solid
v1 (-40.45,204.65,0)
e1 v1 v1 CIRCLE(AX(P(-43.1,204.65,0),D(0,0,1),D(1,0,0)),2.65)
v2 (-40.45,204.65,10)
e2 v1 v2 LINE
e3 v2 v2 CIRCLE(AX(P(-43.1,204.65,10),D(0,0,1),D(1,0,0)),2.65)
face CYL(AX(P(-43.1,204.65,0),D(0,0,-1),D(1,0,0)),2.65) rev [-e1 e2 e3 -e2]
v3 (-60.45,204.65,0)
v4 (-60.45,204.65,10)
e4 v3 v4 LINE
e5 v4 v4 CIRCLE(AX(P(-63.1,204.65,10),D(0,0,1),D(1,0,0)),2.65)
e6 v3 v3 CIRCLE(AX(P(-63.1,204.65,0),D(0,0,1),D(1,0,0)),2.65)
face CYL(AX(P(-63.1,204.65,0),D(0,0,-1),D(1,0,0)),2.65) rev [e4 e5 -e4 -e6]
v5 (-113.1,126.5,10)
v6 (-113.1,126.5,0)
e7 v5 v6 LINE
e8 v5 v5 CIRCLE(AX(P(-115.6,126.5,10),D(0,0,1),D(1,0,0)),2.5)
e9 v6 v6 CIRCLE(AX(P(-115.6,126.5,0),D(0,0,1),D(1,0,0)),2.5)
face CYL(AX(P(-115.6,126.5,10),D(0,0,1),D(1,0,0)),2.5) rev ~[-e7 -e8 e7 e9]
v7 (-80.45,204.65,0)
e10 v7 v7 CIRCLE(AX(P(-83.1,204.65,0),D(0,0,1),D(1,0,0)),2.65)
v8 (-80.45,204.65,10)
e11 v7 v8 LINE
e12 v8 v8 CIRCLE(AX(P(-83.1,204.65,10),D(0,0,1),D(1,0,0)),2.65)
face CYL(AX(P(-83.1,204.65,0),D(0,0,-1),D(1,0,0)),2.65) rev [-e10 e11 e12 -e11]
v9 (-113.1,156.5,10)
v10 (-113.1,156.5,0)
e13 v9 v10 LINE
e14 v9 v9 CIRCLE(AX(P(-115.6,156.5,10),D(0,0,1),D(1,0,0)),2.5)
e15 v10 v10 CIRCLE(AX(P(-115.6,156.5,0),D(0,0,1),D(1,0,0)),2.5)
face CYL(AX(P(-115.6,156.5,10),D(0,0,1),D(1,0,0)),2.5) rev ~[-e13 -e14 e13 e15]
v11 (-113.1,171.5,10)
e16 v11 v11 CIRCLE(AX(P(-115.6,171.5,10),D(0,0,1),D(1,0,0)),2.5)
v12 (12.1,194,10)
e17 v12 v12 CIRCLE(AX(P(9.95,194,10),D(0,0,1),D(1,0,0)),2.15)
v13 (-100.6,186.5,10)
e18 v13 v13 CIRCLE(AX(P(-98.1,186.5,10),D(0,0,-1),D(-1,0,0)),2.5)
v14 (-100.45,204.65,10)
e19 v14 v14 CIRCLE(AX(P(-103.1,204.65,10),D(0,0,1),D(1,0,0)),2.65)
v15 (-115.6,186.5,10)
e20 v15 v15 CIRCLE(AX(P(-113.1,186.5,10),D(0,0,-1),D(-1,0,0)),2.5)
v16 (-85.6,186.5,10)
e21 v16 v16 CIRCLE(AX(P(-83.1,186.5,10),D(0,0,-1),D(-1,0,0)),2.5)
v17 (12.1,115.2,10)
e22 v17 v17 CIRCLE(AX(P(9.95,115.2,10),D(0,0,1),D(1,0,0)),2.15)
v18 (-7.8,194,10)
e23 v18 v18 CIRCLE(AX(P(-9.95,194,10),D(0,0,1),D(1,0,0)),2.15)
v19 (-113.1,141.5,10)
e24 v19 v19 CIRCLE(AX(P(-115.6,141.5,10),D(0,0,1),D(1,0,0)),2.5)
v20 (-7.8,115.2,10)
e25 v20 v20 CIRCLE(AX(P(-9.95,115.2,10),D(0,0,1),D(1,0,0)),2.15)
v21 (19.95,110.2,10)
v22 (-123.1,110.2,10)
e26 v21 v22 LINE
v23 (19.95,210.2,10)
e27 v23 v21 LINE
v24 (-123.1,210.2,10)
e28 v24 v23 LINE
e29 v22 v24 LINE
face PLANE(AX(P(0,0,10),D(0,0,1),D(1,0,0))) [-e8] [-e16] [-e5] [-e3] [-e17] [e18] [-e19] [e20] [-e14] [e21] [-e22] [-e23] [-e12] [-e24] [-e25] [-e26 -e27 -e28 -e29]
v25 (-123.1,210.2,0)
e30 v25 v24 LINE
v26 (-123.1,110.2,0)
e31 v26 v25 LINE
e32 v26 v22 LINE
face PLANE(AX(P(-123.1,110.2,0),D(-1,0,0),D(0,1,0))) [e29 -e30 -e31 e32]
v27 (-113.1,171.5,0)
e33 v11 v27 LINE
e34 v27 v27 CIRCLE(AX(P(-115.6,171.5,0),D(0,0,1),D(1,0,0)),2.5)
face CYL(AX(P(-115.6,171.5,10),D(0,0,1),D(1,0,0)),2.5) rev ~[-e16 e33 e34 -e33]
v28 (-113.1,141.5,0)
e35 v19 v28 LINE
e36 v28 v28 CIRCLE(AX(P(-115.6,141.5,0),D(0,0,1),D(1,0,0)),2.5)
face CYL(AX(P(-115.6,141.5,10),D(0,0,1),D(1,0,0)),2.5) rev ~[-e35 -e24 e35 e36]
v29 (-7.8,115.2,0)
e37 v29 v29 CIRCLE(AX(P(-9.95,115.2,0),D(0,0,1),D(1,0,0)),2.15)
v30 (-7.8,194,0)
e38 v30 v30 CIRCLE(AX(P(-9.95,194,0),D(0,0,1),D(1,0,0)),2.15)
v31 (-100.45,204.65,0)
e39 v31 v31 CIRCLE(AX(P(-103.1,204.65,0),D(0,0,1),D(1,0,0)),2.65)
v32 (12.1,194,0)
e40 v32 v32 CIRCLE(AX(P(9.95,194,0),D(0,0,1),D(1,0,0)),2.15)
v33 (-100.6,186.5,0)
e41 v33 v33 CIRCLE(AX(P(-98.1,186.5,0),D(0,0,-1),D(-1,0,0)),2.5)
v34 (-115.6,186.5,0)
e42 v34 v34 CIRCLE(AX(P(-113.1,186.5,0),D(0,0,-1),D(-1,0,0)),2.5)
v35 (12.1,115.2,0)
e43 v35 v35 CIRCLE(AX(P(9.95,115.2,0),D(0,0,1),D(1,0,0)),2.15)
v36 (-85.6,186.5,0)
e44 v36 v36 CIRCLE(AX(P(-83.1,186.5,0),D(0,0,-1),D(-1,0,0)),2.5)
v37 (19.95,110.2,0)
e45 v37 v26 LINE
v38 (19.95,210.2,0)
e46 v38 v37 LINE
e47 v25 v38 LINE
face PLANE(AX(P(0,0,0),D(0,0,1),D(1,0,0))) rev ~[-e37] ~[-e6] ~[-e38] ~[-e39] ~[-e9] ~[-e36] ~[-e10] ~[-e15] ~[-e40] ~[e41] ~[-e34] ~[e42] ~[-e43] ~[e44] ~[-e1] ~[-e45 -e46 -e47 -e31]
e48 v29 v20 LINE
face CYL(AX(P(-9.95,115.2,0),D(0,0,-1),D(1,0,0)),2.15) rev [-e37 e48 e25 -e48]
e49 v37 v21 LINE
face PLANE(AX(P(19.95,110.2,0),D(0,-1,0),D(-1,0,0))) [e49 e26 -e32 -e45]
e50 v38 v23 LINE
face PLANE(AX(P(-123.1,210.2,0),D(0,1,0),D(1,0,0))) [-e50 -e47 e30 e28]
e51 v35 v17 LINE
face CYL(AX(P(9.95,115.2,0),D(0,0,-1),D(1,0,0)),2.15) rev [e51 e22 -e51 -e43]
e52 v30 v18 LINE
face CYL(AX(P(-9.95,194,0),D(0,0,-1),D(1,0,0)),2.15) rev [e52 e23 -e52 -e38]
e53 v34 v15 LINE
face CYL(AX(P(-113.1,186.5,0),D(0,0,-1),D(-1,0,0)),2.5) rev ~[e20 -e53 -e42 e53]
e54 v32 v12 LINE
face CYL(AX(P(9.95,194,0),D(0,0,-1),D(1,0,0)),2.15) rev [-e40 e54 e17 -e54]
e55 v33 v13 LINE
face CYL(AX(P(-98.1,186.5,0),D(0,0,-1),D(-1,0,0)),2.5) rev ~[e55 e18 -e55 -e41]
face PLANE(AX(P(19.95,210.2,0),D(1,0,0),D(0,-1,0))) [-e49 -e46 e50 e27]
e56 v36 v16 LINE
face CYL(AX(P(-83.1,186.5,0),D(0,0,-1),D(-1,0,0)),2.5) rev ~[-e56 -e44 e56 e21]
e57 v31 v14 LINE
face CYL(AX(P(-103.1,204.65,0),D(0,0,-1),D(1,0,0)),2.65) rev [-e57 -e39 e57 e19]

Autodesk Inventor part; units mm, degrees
ref_plane "YZ Plane" through (0, 0, 0) normal (1, 0, 0) x (0, 1, 0)
ref_plane "XZ Plane" through (0, 0, 0) normal (0, 1, 0) x (-1, 0, 0)
ref_plane "XY Plane" through (0, 0, 0) normal (0, 0, 1) x (1, 0, 0)
ref_plane "Work Plane1" through (0, 0, 0) normal (0, 0, 1) x (1, 0, 0)
sketch "Sketch1" plane through (0, 0, 0) normal (0, 0, 1) x (1, 0, 0)
  line L0 (-28.1, 210.2) -> (-28.1, 202.1) construction
  line L1 (-28.1, 202.1) -> (-23.1, 202.1) construction
  line L2 (-23.1, 199.1) -> (-23.1, 202.1) construction
  line L3 (-23.1, 199.1) -> (-123.1, 199.1) construction
  line L4 (-123.1, 199.1) -> (-123.1, 210.2) construction
  line L5 (-28.1, 210.2) -> (-123.1, 210.2) construction
  line L6 (-23.1, -199.1) -> (-23.1, -210.2) construction
  line L7 (-23.1, -210.2) -> (-123.1, -210.2) construction
  line L8 (-123.1, -199.1) -> (-123.1, -210.2) construction
  line L9 (-23.1, -199.1) -> (-123.1, -199.1) construction
  line L10 (23, -210.2) -> (-23, -210.2) construction
  line L11 (-23, -210.2) -> (-23, -202.2) construction
  line L12 (23, -202.2) -> (-23, -202.2) construction
  line L13 (23, -210.2) -> (23, -202.2) construction
  line L14 (28, 202.2) -> (-28, 202.2) construction
  line L15 (-28, 202.2) -> (-28, 210.2) construction
  line L16 (28, 210.2) -> (-28, 210.2) construction
  line L17 (28, 202.2) -> (28, 210.2) construction
  line L18 (7.95, 199) -> (7.95, -199) construction
  line L19 (7.95, -199) -> (-7.95, -199) construction
  line L20 (-7.95, -199) -> (-7.95, 199) construction
  line L21 (-7.95, 199) -> (7.95, 199) construction
  line L22 (-11.95, 199) -> (-11.95, -199) construction
  line L23 (-11.95, -199) -> (-19.95, -199) construction
  line L24 (-19.95, -199) -> (-19.95, 199) construction
  line L25 (-19.95, 199) -> (-11.95, 199) construction
  line L26 (11.95, -199) -> (11.95, 199) construction
  line L27 (11.95, 199) -> (19.95, 199) construction
  line L28 (19.95, 199) -> (19.95, -199) construction
  line L29 (19.95, -199) -> (11.95, -199) construction
  line L30 (-123.1, 210.2) -> (19.95, 210.2)
  line L31 (19.95, 210.2) -> (19.95, 110.2)
  line L32 (19.95, 110.2) -> (-123.1, 110.2)
  line L33 (-123.1, 110.2) -> (-123.1, 210.2)
  circle A0 centre (-9.95, 115.2) radius 2.15
  circle A1 centre (9.95, 115.2) radius 2.15
  circle A2 centre (9.95, 194) radius 2.15
  circle A3 centre (-9.95, 194) radius 2.15
  line L34 (-11.95, 155.8556) -> (-7.95, 155.8556) construction
  line L35 (7.95, 155.8556) -> (11.95, 155.8556) construction
  line L36 (-9.95, 155.8556) -> (-9.95, 110.2) construction
  line L37 (9.95, 155.8556) -> (9.95, 110.2) construction
  line L38 (-89.6001, 199.1) -> (-89.6001, 210.2) construction
  line L39 (-89.6001, 204.65) -> (-123.1, 204.65) construction
  circle A4 centre (-103.1, 204.65) radius 2.65
  circle A5 centre (-83.1, 204.65) radius 2.65
  circle A6 centre (-63.1, 204.65) radius 2.65
  circle A7 centre (-43.1, 204.65) radius 2.65
  point P0 (0, 0)
extrude "Extrusion1" add sketch "Sketch1" along normal blind 10
sketch "Sketch2" plane through (0, 0, 0) normal (0, 0, -1) x (-1, 0, 0)
  circle A0 centre (83.1, 186.5) radius 2.65 construction
  circle A1 centre (98.1, 186.5) radius 2.65 construction
  circle A2 centre (113.1, 186.5) radius 2.65 construction
  circle A3 centre (83.1, 186.5) radius 2.5
  circle A4 centre (98.1, 186.5) radius 2.5
  circle A5 centre (113.1, 186.5) radius 2.5
  point P0 (0, 0)
  dimension "d20" = 5
  dimension "d21" = 5
  dimension "d22" = 5
extrude "Extrusion2" cut sketch "Sketch2" against normal through all
sketch "Sketch3" plane through (0, 0, 10) normal (0, 0, 1) x (1, 0, 0)
  circle A0 centre (-115.6, 141.5) radius 2.65 construction
  circle A1 centre (-115.6, 156.5) radius 2.65 construction
  circle A2 centre (-115.6, 126.5) radius 2.65 construction
  circle A3 centre (-115.6, 171.5) radius 2.65 construction
  arc A4 (-111.2, 191.1249) -> (-111.2, 181.8751) centre (-113.1, 186.5) ccw construction
  line L0 (-111.2, 264.8) -> (-111.2, 191.1249) construction
  line L1 (-111.2, 264.8) -> (-223.2, 264.8) construction
  line L2 (-223.2, 105.1) -> (-223.2, 264.8) construction
  line L3 (-223.2, 105.1) -> (-111.2, 105.1) construction
  line L4 (-111.2, 181.8751) -> (-111.2, 105.1) construction
  circle A5 centre (-115.6, 171.5) radius 2.5
  circle A6 centre (-115.6, 156.5) radius 2.5
  circle A7 centre (-115.6, 141.5) radius 2.5
  circle A8 centre (-115.6, 126.5) radius 2.5
  point P0 (0, 0)
  dimension "d25" = 5
  dimension "d28" = 15
extrude "Extrusion3" cut sketch "Sketch3" against normal through all
equation "\"d2\" = d1"
equation "\"d3\" = d1"
equation "\"d4\" = d1"
equation "\"d6\" = d5"
equation "\"d7\" = d5"
equation "\"d8\" = d5"
equation "\"d1\" = 4.3"
equation "\"d5\" = 5"
properties part number "backboard"
